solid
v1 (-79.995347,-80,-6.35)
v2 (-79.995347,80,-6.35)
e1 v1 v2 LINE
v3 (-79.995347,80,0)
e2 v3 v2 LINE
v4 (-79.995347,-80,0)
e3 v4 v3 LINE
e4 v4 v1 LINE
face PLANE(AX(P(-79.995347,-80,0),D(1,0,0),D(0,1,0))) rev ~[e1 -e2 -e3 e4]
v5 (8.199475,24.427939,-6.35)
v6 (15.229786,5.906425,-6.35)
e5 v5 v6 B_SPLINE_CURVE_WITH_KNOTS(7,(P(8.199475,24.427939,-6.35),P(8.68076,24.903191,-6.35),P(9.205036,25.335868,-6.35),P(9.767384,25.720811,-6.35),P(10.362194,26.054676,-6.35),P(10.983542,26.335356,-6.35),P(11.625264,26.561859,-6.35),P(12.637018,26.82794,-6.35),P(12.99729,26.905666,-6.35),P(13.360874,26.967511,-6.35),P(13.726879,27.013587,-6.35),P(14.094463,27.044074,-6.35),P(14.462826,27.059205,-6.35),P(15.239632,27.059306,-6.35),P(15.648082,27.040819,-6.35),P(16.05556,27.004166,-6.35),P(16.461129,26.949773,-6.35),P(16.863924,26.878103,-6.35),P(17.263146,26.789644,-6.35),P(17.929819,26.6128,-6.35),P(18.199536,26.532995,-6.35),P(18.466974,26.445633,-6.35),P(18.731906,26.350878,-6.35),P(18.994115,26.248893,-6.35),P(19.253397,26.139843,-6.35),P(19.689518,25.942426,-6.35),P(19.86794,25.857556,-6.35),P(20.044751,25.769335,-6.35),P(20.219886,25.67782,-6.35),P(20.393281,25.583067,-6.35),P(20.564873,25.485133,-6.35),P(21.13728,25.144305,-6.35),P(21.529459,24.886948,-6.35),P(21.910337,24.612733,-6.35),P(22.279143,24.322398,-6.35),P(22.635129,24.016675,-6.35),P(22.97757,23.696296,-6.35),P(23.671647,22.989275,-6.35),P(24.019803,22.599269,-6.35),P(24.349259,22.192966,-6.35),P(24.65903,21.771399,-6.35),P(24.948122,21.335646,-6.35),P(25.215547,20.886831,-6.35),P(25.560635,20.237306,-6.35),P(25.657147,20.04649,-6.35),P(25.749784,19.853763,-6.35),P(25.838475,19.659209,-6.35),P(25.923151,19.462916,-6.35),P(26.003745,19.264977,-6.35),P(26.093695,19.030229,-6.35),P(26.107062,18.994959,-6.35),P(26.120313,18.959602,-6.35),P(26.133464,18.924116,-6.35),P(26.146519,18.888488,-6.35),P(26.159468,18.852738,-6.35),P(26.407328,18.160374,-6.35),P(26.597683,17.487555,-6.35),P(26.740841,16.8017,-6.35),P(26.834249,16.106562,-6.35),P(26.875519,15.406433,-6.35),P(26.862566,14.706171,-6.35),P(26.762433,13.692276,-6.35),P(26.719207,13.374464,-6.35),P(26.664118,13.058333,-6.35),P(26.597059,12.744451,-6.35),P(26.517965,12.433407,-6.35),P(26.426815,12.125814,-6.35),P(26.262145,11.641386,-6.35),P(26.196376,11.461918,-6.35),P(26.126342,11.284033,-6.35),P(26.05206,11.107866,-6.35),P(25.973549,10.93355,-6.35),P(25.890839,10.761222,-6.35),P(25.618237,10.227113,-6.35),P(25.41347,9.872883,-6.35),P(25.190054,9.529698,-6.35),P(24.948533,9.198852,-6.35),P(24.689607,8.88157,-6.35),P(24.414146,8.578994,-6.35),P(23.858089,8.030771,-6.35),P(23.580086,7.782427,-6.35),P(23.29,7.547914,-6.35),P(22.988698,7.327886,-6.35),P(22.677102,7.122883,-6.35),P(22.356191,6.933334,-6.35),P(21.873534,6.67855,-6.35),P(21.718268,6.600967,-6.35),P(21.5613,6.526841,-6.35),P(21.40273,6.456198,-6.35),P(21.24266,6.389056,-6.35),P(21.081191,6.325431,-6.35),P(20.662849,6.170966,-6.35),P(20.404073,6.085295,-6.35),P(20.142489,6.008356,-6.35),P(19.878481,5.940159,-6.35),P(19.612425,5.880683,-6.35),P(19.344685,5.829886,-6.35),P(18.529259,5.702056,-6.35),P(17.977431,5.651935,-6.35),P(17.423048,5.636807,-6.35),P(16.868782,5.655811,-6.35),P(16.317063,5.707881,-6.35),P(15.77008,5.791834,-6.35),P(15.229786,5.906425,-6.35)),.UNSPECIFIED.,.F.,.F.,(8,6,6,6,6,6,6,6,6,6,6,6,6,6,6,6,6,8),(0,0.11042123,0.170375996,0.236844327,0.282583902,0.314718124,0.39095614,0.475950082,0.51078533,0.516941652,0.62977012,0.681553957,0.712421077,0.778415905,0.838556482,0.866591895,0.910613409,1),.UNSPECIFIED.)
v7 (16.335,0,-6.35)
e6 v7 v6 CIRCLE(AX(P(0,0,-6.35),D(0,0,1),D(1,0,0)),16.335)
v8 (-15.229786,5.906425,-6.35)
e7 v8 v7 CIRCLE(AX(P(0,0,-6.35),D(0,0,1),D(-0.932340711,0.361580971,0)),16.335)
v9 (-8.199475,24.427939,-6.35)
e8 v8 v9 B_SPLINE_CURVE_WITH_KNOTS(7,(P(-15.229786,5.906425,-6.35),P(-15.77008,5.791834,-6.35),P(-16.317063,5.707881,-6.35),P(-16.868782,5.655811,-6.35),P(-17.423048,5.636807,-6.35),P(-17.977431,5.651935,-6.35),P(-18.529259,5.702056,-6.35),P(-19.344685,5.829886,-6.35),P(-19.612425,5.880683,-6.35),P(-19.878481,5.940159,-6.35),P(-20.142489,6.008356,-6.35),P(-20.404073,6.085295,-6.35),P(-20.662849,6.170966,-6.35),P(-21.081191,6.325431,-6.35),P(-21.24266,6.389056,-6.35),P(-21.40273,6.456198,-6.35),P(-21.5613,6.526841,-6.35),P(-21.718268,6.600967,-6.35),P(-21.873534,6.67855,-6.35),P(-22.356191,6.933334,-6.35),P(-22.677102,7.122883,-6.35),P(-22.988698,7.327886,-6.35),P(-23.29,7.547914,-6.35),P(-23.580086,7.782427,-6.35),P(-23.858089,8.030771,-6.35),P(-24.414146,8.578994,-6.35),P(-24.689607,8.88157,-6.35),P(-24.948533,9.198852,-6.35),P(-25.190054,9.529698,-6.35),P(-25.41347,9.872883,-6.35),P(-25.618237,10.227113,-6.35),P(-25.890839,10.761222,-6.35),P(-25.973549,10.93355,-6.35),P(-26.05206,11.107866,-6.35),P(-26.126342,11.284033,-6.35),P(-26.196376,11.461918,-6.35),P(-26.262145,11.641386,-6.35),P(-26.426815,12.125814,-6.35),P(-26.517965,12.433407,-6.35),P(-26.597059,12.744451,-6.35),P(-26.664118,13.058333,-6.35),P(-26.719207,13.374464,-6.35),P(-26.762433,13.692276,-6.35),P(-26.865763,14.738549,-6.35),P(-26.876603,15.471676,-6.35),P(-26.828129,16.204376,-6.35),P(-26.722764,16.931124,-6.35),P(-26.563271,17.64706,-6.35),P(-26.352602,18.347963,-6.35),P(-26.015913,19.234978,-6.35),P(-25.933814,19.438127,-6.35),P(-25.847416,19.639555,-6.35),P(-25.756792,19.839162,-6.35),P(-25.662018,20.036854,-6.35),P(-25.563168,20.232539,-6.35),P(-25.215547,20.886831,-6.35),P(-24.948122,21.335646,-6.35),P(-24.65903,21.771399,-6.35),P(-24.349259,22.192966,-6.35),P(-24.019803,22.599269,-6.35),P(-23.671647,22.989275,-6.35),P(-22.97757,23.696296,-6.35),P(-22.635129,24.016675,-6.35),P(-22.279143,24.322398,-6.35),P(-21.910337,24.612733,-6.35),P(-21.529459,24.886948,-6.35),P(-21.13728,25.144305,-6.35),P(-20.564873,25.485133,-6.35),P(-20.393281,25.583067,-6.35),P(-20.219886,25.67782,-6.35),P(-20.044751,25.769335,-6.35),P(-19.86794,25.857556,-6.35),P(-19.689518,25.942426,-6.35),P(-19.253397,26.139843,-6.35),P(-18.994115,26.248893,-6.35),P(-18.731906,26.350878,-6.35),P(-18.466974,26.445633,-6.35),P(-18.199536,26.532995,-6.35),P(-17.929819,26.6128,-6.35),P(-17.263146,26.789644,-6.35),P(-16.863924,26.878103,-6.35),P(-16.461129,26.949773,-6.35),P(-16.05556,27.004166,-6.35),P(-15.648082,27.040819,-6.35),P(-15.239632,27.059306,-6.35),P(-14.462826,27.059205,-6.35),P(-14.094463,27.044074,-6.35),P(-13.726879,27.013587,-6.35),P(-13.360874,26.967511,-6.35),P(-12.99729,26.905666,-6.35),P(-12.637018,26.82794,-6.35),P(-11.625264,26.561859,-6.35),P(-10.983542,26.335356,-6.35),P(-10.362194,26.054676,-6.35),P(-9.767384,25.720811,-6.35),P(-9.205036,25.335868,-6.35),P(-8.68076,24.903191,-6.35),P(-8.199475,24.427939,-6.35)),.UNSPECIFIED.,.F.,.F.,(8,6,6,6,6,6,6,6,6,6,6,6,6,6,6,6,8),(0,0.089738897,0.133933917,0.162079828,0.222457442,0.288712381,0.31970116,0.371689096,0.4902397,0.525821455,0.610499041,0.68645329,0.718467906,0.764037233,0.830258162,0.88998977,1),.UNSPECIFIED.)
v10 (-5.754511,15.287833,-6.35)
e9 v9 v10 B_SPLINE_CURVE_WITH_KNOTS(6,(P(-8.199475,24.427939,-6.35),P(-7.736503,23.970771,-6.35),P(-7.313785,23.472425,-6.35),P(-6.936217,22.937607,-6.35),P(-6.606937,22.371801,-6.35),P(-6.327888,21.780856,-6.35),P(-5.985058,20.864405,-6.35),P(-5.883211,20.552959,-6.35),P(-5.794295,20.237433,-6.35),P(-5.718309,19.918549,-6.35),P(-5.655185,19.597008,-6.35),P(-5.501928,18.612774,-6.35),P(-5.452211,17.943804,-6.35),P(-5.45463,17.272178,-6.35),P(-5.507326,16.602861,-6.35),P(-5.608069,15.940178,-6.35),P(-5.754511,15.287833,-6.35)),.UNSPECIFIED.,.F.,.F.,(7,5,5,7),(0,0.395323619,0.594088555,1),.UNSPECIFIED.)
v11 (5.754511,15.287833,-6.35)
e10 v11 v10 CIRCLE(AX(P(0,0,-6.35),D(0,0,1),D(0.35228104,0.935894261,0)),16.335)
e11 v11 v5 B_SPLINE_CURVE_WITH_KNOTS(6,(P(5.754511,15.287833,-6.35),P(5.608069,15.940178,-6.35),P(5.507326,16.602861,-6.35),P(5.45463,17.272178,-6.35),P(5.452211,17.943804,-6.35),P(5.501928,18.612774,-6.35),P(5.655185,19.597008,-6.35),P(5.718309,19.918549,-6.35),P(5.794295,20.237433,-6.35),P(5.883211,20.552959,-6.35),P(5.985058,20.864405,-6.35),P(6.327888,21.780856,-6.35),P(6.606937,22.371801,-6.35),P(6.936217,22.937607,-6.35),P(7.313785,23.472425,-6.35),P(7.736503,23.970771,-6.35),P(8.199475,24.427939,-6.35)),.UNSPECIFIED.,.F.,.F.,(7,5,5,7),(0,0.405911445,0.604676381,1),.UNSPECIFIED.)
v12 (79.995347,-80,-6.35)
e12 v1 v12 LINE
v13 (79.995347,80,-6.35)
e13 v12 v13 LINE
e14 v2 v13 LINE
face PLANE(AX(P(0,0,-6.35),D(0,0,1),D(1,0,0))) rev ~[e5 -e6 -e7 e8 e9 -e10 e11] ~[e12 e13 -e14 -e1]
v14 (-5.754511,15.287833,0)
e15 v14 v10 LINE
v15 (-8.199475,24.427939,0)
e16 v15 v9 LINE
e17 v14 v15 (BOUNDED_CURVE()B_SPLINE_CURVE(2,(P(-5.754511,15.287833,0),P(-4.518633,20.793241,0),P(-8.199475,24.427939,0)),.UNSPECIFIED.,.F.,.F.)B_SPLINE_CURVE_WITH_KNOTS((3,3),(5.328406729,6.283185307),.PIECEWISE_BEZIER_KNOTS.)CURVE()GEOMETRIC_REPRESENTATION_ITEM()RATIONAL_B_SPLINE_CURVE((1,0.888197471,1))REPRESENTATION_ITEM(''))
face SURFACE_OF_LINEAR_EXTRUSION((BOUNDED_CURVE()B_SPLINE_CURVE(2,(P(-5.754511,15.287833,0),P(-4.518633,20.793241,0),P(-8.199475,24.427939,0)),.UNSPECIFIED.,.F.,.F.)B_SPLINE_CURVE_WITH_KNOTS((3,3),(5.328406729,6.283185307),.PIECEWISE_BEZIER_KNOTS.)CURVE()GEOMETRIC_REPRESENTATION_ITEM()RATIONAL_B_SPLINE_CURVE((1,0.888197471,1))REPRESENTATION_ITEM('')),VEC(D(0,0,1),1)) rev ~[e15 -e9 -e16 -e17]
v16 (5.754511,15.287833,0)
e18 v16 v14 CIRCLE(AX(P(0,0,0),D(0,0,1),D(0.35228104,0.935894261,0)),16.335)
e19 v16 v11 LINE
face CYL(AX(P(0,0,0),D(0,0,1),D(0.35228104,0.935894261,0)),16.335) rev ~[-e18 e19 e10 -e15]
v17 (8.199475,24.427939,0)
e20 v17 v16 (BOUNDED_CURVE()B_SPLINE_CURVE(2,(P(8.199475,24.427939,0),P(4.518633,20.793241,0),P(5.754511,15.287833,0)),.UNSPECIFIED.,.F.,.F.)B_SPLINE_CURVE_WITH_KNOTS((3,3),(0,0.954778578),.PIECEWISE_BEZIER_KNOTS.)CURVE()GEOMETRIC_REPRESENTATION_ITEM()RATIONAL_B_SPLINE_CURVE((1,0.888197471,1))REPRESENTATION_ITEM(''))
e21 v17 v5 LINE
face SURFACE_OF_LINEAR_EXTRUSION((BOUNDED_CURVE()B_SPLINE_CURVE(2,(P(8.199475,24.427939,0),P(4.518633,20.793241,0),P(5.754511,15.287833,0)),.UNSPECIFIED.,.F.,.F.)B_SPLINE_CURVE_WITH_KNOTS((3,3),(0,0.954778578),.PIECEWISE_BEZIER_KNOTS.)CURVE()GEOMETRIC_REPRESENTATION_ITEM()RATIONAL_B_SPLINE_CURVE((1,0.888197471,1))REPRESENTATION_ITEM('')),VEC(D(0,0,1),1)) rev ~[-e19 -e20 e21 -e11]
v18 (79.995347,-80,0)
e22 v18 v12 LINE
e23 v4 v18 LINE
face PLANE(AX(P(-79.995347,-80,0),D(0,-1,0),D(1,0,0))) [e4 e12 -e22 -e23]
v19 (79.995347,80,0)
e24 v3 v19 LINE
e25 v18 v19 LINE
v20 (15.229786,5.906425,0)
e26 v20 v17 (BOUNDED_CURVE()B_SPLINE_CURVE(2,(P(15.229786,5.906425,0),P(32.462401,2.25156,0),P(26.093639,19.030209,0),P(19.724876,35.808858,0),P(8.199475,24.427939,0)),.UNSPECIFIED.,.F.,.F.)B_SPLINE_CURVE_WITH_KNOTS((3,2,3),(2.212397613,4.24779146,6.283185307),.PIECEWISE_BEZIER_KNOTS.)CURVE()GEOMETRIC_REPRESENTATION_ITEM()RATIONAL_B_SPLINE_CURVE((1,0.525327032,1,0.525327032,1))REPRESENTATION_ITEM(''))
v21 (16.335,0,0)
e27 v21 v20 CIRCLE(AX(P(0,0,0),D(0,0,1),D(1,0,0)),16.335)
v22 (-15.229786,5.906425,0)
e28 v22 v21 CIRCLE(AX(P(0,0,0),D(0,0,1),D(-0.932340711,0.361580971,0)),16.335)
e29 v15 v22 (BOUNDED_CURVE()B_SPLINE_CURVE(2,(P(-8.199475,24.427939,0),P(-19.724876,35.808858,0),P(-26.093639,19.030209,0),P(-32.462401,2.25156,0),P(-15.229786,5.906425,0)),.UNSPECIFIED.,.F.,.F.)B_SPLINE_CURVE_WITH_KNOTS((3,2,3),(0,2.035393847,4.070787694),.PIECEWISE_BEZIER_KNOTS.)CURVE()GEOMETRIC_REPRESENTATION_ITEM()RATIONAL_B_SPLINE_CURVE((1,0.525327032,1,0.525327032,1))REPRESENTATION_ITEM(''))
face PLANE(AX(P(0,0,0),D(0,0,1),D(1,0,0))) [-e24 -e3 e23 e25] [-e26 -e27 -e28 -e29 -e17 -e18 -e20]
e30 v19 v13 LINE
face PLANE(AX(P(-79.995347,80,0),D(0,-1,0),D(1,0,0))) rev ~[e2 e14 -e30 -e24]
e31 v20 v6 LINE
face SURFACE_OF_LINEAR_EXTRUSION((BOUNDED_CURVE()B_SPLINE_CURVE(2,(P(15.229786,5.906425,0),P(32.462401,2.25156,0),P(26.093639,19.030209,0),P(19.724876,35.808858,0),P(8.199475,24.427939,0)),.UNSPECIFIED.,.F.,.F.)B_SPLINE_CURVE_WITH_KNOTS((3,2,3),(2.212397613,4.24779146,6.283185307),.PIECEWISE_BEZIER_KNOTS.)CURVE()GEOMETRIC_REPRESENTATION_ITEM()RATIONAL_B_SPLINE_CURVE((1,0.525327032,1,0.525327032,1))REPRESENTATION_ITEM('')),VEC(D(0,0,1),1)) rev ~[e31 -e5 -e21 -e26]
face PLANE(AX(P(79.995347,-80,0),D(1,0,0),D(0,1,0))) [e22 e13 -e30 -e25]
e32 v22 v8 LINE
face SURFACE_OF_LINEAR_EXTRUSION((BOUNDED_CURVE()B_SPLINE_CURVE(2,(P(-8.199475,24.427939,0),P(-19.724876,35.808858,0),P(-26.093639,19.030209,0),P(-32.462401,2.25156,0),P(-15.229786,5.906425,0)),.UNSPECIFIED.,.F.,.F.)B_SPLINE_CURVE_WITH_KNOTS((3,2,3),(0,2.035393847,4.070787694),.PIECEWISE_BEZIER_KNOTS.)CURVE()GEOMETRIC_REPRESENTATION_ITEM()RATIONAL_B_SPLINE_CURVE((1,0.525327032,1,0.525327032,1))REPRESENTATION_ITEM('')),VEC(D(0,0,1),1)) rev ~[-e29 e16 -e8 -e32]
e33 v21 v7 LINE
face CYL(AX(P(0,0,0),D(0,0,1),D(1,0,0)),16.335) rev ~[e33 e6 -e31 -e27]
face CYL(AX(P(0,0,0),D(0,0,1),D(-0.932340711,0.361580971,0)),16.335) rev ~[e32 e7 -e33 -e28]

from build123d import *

# Parameters (mm, degrees)
F0_W     = 159.9906936405
F0_H     = 160
F2_DEPTH = 6.35
F3_DEPTH = 6.351
F4_DEPTH = 25
F5_DEPTH = 25
F6_DEPTH = 25
F7_DEPTH = 25


with BuildPart() as f2:
    # F0 (on Top) → F2 (new body)
    with BuildSketch(Plane.XY):
        Rectangle(F0_W, F0_H)
    extrude(amount=-F2_DEPTH)

    # F1 (on face) → F3 (cut, through all)
    with BuildSketch(Plane.XY):
        with BuildLine():
            add(Edge.make_bspline(
                [(-8.1994745377, 24.4279390933), (-19.7248762604, 35.8088584368), (-26.0936386648, 19.0302092428), (-32.4624010693, 2.2515600487), (-15.2297855146, 5.9064251608)],
                knots=[0, 0, 0, 2.0353938469, 2.0353938469, 4.0707876938, 4.0707876938, 4.0707876938], degree=2, weights=[1, 0.5253270315, 1, 0.5253270315, 1]))
            ThreePointArc((-15.2297855146, 5.9064251608), (-11.4929489268, 11.6079433995), (-5.7545107942, 15.2878327607))
            add(Edge.make_bspline(
                [(-5.7545107942, 15.2878327607), (-4.5186333902, 20.7932409522), (-8.1994745377, 24.4279390933)],
                knots=[5.3284067292, 5.3284067292, 5.3284067292, 6.2831853072, 6.2831853072, 6.2831853072], degree=2, weights=[1, 0.8881974706, 1]))
        make_face()
    extrude(amount=-F3_DEPTH, mode=Mode.SUBTRACT)

    # F1 (on face) → F4 (cut)
    with BuildSketch(Plane.XY):
        with BuildLine():
            add(Edge.make_bspline(
                [(5.7545107942, 15.2878327607), (7.4920907008, 7.5475127097), (15.2297855146, 5.9064251608)],
                knots=[0.954778578, 0.954778578, 0.954778578, 2.2123976134, 2.2123976134, 2.2123976134], degree=2, weights=[1, 0.808728302, 1]))
            ThreePointArc((15.2297855146, 5.9064251608), (11.4929489268, 11.6079433995), (5.7545107942, 15.2878327607))
        make_face()
    extrude(amount=-F4_DEPTH, mode=Mode.SUBTRACT)

    # F1 (on face) → F5 (cut)
    with BuildSketch(Plane.XY):
        with BuildLine():
            ThreePointArc((5.7545107942, 15.2878327607), (11.4929489268, 11.6079433995), (15.2297855146, 5.9064251608))
            add(Edge.make_bspline(
                [(15.2297855146, 5.9064251608), (32.4624010693, 2.2515600487), (26.0936386648, 19.0302092428), (19.7248762604, 35.8088584368), (8.1994745377, 24.4279390933)],
                knots=[2.2123976134, 2.2123976134, 2.2123976134, 4.2477914603, 4.2477914603, 6.2831853072, 6.2831853072, 6.2831853072], degree=2, weights=[1, 0.5253270315, 1, 0.5253270315, 1]))
            add(Edge.make_bspline(
                [(8.1994745377, 24.4279390933), (4.5186333902, 20.7932409522), (5.7545107942, 15.2878327607)],
                knots=[0, 0, 0, 0.954778578, 0.954778578, 0.954778578], degree=2, weights=[1, 0.8881974706, 1]))
        make_face()
    extrude(amount=-F5_DEPTH, mode=Mode.SUBTRACT)

    # F1 (on face) → F6 (cut)
    with BuildSketch(Plane.XY):
        with BuildLine():
            ThreePointArc((-5.7545107942, 15.2878327607), (-11.4929489268, 11.6079433995), (-15.2297855146, 5.9064251608))
            add(Edge.make_bspline(
                [(-15.2297855146, 5.9064251608), (-7.4920907008, 7.5475127097), (-5.7545107942, 15.2878327607)],
                knots=[4.0707876938, 4.0707876938, 4.0707876938, 5.3284067292, 5.3284067292, 5.3284067292], degree=2, weights=[1, 0.808728302, 1]))
        make_face()
    extrude(amount=-F6_DEPTH, mode=Mode.SUBTRACT)

    # F1 (on face) → F7 (cut)
    with BuildSketch(Plane.XY):
        with BuildLine():
            ThreePointArc((-15.2297855146, 5.9064251608), (-3.0044698883, -16.0563191825), (16.335, 0))
            ThreePointArc((16.335, 0), (16.0563191825, 3.0044698883), (15.2297855146, 5.9064251608))
            add(Edge.make_bspline(
                [(5.7545107942, 15.2878327607), (7.4920907008, 7.5475127097), (15.2297855146, 5.9064251608)],
                knots=[0.954778578, 0.954778578, 0.954778578, 2.2123976134, 2.2123976134, 2.2123976134], degree=2, weights=[1, 0.808728302, 1]))
            ThreePointArc((5.7545107942, 15.2878327607), (0, 16.335), (-5.7545107942, 15.2878327607))
            add(Edge.make_bspline(
                [(-15.2297855146, 5.9064251608), (-7.4920907008, 7.5475127097), (-5.7545107942, 15.2878327607)],
                knots=[4.0707876938, 4.0707876938, 4.0707876938, 5.3284067292, 5.3284067292, 5.3284067292], degree=2, weights=[1, 0.808728302, 1]))
        make_face()
    extrude(amount=-F7_DEPTH, mode=Mode.SUBTRACT)


solid = f2.part
